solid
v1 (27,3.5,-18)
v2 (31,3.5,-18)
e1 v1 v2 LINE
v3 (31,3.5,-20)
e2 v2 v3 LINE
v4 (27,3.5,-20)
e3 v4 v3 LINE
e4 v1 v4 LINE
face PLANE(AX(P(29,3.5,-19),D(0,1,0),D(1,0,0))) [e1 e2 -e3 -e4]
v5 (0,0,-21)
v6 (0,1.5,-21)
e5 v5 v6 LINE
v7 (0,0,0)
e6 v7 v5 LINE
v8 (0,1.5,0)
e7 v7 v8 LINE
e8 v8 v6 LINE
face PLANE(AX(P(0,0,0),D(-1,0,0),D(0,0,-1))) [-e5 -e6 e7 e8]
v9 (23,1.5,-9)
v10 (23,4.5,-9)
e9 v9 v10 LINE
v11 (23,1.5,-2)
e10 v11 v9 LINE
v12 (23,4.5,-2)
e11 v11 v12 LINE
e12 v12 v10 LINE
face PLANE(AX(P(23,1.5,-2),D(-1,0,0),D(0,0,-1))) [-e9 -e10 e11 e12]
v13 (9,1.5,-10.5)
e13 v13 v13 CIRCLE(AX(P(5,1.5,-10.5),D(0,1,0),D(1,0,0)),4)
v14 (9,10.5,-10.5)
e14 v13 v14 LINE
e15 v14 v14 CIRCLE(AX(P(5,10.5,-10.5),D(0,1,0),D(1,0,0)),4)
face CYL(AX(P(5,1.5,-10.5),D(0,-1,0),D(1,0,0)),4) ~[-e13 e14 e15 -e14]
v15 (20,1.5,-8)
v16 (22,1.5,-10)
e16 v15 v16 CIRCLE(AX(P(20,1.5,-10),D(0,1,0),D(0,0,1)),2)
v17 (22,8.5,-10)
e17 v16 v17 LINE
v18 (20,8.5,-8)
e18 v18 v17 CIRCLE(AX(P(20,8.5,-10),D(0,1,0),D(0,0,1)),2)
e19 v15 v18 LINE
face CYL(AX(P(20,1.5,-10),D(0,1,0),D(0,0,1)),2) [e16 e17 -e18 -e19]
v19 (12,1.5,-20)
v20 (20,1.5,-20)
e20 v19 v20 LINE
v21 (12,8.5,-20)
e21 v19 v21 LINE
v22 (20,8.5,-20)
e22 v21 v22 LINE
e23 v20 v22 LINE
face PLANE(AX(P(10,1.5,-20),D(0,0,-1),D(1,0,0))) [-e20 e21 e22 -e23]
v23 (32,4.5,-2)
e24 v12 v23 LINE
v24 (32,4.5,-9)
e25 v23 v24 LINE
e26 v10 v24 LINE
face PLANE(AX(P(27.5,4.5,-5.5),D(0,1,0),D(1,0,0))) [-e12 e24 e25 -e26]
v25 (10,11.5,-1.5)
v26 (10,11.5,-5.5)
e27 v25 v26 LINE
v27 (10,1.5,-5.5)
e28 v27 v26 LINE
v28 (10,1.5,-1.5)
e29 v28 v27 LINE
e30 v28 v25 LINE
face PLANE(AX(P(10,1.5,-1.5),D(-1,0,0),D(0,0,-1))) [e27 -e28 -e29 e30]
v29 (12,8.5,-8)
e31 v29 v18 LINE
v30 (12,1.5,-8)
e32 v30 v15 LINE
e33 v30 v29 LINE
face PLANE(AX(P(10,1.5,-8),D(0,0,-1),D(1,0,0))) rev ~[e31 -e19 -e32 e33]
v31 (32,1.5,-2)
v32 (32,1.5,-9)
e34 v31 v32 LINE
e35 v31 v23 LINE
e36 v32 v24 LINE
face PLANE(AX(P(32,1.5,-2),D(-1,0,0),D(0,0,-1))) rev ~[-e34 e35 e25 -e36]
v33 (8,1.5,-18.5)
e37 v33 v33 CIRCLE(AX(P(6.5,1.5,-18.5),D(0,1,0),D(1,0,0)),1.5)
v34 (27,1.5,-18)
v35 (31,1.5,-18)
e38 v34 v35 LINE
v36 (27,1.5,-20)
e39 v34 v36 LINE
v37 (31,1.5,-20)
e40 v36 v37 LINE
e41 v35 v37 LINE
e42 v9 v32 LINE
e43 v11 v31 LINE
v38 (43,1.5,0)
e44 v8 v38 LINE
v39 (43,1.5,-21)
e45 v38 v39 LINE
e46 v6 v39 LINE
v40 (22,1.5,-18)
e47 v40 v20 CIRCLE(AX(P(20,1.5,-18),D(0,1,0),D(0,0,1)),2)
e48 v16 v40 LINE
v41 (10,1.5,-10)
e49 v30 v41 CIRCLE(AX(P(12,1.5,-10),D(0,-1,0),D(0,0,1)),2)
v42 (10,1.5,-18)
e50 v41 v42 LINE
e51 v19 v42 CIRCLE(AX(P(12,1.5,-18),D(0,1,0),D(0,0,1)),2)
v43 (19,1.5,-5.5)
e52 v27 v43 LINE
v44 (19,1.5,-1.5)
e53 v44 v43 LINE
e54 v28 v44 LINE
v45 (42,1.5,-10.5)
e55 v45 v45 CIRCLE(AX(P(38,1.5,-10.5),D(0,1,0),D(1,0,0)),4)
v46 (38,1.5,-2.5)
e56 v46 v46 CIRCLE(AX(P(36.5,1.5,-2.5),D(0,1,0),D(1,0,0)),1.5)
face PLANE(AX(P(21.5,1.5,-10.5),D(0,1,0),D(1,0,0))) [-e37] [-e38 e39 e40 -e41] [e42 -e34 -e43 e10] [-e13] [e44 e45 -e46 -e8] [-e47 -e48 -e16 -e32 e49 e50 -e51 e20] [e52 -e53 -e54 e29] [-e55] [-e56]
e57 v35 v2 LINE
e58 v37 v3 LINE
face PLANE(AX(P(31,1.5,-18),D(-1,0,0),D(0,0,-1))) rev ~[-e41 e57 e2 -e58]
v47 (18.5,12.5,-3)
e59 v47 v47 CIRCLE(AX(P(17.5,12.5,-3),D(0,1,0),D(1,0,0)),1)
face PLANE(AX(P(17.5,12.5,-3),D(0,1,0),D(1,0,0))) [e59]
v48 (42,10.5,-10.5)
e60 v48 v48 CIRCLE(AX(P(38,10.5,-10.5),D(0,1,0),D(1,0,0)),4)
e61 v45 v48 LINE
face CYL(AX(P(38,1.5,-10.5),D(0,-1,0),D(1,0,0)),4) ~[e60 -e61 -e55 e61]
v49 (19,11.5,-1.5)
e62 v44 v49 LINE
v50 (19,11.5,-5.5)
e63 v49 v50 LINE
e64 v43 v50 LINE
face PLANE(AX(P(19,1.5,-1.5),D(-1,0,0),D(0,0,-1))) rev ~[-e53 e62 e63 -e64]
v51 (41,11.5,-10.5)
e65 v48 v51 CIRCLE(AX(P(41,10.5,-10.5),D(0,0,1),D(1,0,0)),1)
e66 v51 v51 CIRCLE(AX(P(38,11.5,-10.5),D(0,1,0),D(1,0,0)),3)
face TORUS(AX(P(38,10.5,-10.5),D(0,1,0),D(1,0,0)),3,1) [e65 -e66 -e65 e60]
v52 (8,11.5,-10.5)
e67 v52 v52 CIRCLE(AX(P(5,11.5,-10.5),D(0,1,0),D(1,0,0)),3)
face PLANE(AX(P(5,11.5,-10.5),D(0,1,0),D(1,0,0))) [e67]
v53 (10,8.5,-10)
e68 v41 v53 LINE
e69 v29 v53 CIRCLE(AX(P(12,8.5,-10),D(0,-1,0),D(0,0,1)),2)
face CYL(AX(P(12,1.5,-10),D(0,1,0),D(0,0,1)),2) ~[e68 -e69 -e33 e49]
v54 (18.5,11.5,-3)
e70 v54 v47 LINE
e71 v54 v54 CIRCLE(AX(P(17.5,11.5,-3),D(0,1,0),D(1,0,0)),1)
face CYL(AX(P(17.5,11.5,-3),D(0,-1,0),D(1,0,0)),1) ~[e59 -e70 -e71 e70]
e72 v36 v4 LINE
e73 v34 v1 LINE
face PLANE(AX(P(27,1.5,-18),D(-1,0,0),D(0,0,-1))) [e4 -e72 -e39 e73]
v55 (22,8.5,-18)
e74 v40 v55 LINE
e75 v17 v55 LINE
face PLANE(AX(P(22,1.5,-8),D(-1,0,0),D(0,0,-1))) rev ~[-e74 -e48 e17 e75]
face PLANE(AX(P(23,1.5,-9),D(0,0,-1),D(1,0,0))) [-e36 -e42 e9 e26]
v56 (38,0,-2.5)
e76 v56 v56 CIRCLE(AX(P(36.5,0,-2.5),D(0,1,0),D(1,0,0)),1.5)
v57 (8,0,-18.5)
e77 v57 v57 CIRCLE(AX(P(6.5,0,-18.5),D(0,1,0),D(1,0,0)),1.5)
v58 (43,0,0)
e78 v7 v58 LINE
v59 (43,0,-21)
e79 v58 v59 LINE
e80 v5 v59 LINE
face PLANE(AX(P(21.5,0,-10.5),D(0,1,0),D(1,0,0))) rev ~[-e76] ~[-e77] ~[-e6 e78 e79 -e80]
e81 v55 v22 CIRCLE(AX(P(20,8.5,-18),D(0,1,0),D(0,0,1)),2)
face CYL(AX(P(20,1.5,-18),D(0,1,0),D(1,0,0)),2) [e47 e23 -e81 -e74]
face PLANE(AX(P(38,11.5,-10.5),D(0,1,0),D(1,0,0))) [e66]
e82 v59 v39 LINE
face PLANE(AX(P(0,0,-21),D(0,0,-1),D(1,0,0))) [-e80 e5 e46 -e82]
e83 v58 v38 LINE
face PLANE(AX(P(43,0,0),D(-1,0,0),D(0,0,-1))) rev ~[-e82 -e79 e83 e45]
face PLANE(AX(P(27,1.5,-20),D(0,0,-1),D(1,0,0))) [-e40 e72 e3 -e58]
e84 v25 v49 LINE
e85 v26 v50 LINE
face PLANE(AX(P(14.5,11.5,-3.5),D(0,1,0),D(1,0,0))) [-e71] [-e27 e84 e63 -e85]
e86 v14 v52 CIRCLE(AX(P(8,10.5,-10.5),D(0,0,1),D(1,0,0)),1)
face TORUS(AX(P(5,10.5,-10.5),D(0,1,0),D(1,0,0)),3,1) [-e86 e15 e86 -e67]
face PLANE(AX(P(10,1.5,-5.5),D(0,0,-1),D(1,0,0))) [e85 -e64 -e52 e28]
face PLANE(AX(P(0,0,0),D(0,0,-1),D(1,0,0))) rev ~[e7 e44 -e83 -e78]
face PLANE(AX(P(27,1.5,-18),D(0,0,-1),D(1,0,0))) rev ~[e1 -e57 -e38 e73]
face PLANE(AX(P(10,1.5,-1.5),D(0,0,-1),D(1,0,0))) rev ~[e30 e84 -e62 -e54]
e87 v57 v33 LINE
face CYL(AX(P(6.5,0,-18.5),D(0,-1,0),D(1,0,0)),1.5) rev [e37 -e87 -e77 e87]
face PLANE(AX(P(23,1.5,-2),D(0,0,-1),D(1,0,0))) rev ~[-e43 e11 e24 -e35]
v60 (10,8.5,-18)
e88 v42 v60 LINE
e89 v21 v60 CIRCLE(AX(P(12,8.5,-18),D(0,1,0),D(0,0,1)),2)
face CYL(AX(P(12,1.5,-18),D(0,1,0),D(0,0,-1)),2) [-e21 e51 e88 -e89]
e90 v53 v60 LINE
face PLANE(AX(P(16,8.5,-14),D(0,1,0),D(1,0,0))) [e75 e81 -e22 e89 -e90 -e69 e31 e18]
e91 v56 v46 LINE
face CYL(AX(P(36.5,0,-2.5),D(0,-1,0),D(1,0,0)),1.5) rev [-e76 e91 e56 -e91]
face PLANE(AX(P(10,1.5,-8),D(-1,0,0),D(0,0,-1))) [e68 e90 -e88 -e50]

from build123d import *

# Parameters (mm, degrees)
SKETCH_W             = 43
SKETCH_H             = 21
SKETCH_R             = 1.5
PAD_DEPTH            = 1.5
SKETCH001_R          = 4
PAD001_DEPTH         = 10
FILLET_R             = 1
SKETCH002_W          = 12
SKETCH002_H          = 12
PAD002_DEPTH         = 7
FILLET001_R          = 2
SKETCH003_W          = 9
SKETCH003_H          = 4
PAD003_DEPTH         = 10
SKETCH004_R          = 1
PAD004_DEPTH         = 1
SKETCH005_W          = 9
SKETCH005_H          = 7
PAD005_DEPTH         = 3
SKETCH006_W          = 4
SKETCH006_H          = 2
PAD006_DEPTH         = 2
BODY_PLACEMENT_ANGLE = 180


with BuildPart() as part:
    # Sketch → Pad (new body)
    with BuildSketch(Plane.XZ):
        with Locations((21.5, 10.5)):
            Rectangle(SKETCH_W, SKETCH_H)
        with Locations((6.5, 18.5)):
            Circle(SKETCH_R, mode=Mode.SUBTRACT)
        with Locations((36.5, 2.5)):
            Circle(SKETCH_R, mode=Mode.SUBTRACT)
    extrude(amount=PAD_DEPTH)

    # Sketch001 (on Face8 of Pad) → Pad001 (join)
    with BuildSketch(Plane.XZ.offset(1.5)):
        with Locations((5, 10.5)):
            Circle(SKETCH001_R)
        with Locations((38, 10.5)):
            Circle(SKETCH001_R)
    extrude(amount=PAD001_DEPTH)

    # Fillet
    fillet_edges = [part.edges().sort_by_distance(p)[0] for p in [
        (1, -11.5, 10.5),
        (34, -11.5, 10.5),
    ]]
    fillet(fillet_edges, radius=FILLET_R)

    # Sketch002 (on Face3 of Fillet) → Pad002 (join)
    with BuildSketch(Plane.XZ.offset(1.5)):
        with Locations((16, 14)):
            Rectangle(SKETCH002_W, SKETCH002_H)
    extrude(amount=PAD002_DEPTH)

    # Fillet001
    fillet001_edges = [part.edges().sort_by_distance(p)[0] for p in [
        (22, -5, 20),
        (22, -5, 8),
        (10, -5, 20),
        (10, -5, 8),
    ]]
    fillet(fillet001_edges, radius=FILLET001_R)

    # Sketch003 (on Face1 of Fillet001) → Pad003 (join)
    with BuildSketch(Plane.XZ.offset(1.5)):
        with Locations((14.5, 3.5)):
            Rectangle(SKETCH003_W, SKETCH003_H)
    extrude(amount=PAD003_DEPTH)

    # Sketch004 (on Face25 of Pad003) → Pad004 (join)
    with BuildSketch(Plane.XZ.offset(11.5)):
        with Locations((17.5, 3)):
            Circle(SKETCH004_R)
    extrude(amount=PAD004_DEPTH)

    # Sketch005 (on Face1 of Pad004) → Pad005 (join)
    with BuildSketch(Plane.XZ.offset(1.5)):
        with Locations((27.5, 5.5)):
            Rectangle(SKETCH005_W, SKETCH005_H)
    extrude(amount=PAD005_DEPTH)

    # Sketch006 (on Face1 of Pad005) → Pad006 (join)
    with BuildSketch(Plane.XZ.offset(1.5)):
        with Locations((29, 19)):
            Rectangle(SKETCH006_W, SKETCH006_H)
    extrude(amount=PAD006_DEPTH)


with BuildPart() as part_1:
    # Body placement: moved
    add(part.part.rotate(Axis((0, 0, 0), (1, 0, 0)), BODY_PLACEMENT_ANGLE))


solid = part_1.part
